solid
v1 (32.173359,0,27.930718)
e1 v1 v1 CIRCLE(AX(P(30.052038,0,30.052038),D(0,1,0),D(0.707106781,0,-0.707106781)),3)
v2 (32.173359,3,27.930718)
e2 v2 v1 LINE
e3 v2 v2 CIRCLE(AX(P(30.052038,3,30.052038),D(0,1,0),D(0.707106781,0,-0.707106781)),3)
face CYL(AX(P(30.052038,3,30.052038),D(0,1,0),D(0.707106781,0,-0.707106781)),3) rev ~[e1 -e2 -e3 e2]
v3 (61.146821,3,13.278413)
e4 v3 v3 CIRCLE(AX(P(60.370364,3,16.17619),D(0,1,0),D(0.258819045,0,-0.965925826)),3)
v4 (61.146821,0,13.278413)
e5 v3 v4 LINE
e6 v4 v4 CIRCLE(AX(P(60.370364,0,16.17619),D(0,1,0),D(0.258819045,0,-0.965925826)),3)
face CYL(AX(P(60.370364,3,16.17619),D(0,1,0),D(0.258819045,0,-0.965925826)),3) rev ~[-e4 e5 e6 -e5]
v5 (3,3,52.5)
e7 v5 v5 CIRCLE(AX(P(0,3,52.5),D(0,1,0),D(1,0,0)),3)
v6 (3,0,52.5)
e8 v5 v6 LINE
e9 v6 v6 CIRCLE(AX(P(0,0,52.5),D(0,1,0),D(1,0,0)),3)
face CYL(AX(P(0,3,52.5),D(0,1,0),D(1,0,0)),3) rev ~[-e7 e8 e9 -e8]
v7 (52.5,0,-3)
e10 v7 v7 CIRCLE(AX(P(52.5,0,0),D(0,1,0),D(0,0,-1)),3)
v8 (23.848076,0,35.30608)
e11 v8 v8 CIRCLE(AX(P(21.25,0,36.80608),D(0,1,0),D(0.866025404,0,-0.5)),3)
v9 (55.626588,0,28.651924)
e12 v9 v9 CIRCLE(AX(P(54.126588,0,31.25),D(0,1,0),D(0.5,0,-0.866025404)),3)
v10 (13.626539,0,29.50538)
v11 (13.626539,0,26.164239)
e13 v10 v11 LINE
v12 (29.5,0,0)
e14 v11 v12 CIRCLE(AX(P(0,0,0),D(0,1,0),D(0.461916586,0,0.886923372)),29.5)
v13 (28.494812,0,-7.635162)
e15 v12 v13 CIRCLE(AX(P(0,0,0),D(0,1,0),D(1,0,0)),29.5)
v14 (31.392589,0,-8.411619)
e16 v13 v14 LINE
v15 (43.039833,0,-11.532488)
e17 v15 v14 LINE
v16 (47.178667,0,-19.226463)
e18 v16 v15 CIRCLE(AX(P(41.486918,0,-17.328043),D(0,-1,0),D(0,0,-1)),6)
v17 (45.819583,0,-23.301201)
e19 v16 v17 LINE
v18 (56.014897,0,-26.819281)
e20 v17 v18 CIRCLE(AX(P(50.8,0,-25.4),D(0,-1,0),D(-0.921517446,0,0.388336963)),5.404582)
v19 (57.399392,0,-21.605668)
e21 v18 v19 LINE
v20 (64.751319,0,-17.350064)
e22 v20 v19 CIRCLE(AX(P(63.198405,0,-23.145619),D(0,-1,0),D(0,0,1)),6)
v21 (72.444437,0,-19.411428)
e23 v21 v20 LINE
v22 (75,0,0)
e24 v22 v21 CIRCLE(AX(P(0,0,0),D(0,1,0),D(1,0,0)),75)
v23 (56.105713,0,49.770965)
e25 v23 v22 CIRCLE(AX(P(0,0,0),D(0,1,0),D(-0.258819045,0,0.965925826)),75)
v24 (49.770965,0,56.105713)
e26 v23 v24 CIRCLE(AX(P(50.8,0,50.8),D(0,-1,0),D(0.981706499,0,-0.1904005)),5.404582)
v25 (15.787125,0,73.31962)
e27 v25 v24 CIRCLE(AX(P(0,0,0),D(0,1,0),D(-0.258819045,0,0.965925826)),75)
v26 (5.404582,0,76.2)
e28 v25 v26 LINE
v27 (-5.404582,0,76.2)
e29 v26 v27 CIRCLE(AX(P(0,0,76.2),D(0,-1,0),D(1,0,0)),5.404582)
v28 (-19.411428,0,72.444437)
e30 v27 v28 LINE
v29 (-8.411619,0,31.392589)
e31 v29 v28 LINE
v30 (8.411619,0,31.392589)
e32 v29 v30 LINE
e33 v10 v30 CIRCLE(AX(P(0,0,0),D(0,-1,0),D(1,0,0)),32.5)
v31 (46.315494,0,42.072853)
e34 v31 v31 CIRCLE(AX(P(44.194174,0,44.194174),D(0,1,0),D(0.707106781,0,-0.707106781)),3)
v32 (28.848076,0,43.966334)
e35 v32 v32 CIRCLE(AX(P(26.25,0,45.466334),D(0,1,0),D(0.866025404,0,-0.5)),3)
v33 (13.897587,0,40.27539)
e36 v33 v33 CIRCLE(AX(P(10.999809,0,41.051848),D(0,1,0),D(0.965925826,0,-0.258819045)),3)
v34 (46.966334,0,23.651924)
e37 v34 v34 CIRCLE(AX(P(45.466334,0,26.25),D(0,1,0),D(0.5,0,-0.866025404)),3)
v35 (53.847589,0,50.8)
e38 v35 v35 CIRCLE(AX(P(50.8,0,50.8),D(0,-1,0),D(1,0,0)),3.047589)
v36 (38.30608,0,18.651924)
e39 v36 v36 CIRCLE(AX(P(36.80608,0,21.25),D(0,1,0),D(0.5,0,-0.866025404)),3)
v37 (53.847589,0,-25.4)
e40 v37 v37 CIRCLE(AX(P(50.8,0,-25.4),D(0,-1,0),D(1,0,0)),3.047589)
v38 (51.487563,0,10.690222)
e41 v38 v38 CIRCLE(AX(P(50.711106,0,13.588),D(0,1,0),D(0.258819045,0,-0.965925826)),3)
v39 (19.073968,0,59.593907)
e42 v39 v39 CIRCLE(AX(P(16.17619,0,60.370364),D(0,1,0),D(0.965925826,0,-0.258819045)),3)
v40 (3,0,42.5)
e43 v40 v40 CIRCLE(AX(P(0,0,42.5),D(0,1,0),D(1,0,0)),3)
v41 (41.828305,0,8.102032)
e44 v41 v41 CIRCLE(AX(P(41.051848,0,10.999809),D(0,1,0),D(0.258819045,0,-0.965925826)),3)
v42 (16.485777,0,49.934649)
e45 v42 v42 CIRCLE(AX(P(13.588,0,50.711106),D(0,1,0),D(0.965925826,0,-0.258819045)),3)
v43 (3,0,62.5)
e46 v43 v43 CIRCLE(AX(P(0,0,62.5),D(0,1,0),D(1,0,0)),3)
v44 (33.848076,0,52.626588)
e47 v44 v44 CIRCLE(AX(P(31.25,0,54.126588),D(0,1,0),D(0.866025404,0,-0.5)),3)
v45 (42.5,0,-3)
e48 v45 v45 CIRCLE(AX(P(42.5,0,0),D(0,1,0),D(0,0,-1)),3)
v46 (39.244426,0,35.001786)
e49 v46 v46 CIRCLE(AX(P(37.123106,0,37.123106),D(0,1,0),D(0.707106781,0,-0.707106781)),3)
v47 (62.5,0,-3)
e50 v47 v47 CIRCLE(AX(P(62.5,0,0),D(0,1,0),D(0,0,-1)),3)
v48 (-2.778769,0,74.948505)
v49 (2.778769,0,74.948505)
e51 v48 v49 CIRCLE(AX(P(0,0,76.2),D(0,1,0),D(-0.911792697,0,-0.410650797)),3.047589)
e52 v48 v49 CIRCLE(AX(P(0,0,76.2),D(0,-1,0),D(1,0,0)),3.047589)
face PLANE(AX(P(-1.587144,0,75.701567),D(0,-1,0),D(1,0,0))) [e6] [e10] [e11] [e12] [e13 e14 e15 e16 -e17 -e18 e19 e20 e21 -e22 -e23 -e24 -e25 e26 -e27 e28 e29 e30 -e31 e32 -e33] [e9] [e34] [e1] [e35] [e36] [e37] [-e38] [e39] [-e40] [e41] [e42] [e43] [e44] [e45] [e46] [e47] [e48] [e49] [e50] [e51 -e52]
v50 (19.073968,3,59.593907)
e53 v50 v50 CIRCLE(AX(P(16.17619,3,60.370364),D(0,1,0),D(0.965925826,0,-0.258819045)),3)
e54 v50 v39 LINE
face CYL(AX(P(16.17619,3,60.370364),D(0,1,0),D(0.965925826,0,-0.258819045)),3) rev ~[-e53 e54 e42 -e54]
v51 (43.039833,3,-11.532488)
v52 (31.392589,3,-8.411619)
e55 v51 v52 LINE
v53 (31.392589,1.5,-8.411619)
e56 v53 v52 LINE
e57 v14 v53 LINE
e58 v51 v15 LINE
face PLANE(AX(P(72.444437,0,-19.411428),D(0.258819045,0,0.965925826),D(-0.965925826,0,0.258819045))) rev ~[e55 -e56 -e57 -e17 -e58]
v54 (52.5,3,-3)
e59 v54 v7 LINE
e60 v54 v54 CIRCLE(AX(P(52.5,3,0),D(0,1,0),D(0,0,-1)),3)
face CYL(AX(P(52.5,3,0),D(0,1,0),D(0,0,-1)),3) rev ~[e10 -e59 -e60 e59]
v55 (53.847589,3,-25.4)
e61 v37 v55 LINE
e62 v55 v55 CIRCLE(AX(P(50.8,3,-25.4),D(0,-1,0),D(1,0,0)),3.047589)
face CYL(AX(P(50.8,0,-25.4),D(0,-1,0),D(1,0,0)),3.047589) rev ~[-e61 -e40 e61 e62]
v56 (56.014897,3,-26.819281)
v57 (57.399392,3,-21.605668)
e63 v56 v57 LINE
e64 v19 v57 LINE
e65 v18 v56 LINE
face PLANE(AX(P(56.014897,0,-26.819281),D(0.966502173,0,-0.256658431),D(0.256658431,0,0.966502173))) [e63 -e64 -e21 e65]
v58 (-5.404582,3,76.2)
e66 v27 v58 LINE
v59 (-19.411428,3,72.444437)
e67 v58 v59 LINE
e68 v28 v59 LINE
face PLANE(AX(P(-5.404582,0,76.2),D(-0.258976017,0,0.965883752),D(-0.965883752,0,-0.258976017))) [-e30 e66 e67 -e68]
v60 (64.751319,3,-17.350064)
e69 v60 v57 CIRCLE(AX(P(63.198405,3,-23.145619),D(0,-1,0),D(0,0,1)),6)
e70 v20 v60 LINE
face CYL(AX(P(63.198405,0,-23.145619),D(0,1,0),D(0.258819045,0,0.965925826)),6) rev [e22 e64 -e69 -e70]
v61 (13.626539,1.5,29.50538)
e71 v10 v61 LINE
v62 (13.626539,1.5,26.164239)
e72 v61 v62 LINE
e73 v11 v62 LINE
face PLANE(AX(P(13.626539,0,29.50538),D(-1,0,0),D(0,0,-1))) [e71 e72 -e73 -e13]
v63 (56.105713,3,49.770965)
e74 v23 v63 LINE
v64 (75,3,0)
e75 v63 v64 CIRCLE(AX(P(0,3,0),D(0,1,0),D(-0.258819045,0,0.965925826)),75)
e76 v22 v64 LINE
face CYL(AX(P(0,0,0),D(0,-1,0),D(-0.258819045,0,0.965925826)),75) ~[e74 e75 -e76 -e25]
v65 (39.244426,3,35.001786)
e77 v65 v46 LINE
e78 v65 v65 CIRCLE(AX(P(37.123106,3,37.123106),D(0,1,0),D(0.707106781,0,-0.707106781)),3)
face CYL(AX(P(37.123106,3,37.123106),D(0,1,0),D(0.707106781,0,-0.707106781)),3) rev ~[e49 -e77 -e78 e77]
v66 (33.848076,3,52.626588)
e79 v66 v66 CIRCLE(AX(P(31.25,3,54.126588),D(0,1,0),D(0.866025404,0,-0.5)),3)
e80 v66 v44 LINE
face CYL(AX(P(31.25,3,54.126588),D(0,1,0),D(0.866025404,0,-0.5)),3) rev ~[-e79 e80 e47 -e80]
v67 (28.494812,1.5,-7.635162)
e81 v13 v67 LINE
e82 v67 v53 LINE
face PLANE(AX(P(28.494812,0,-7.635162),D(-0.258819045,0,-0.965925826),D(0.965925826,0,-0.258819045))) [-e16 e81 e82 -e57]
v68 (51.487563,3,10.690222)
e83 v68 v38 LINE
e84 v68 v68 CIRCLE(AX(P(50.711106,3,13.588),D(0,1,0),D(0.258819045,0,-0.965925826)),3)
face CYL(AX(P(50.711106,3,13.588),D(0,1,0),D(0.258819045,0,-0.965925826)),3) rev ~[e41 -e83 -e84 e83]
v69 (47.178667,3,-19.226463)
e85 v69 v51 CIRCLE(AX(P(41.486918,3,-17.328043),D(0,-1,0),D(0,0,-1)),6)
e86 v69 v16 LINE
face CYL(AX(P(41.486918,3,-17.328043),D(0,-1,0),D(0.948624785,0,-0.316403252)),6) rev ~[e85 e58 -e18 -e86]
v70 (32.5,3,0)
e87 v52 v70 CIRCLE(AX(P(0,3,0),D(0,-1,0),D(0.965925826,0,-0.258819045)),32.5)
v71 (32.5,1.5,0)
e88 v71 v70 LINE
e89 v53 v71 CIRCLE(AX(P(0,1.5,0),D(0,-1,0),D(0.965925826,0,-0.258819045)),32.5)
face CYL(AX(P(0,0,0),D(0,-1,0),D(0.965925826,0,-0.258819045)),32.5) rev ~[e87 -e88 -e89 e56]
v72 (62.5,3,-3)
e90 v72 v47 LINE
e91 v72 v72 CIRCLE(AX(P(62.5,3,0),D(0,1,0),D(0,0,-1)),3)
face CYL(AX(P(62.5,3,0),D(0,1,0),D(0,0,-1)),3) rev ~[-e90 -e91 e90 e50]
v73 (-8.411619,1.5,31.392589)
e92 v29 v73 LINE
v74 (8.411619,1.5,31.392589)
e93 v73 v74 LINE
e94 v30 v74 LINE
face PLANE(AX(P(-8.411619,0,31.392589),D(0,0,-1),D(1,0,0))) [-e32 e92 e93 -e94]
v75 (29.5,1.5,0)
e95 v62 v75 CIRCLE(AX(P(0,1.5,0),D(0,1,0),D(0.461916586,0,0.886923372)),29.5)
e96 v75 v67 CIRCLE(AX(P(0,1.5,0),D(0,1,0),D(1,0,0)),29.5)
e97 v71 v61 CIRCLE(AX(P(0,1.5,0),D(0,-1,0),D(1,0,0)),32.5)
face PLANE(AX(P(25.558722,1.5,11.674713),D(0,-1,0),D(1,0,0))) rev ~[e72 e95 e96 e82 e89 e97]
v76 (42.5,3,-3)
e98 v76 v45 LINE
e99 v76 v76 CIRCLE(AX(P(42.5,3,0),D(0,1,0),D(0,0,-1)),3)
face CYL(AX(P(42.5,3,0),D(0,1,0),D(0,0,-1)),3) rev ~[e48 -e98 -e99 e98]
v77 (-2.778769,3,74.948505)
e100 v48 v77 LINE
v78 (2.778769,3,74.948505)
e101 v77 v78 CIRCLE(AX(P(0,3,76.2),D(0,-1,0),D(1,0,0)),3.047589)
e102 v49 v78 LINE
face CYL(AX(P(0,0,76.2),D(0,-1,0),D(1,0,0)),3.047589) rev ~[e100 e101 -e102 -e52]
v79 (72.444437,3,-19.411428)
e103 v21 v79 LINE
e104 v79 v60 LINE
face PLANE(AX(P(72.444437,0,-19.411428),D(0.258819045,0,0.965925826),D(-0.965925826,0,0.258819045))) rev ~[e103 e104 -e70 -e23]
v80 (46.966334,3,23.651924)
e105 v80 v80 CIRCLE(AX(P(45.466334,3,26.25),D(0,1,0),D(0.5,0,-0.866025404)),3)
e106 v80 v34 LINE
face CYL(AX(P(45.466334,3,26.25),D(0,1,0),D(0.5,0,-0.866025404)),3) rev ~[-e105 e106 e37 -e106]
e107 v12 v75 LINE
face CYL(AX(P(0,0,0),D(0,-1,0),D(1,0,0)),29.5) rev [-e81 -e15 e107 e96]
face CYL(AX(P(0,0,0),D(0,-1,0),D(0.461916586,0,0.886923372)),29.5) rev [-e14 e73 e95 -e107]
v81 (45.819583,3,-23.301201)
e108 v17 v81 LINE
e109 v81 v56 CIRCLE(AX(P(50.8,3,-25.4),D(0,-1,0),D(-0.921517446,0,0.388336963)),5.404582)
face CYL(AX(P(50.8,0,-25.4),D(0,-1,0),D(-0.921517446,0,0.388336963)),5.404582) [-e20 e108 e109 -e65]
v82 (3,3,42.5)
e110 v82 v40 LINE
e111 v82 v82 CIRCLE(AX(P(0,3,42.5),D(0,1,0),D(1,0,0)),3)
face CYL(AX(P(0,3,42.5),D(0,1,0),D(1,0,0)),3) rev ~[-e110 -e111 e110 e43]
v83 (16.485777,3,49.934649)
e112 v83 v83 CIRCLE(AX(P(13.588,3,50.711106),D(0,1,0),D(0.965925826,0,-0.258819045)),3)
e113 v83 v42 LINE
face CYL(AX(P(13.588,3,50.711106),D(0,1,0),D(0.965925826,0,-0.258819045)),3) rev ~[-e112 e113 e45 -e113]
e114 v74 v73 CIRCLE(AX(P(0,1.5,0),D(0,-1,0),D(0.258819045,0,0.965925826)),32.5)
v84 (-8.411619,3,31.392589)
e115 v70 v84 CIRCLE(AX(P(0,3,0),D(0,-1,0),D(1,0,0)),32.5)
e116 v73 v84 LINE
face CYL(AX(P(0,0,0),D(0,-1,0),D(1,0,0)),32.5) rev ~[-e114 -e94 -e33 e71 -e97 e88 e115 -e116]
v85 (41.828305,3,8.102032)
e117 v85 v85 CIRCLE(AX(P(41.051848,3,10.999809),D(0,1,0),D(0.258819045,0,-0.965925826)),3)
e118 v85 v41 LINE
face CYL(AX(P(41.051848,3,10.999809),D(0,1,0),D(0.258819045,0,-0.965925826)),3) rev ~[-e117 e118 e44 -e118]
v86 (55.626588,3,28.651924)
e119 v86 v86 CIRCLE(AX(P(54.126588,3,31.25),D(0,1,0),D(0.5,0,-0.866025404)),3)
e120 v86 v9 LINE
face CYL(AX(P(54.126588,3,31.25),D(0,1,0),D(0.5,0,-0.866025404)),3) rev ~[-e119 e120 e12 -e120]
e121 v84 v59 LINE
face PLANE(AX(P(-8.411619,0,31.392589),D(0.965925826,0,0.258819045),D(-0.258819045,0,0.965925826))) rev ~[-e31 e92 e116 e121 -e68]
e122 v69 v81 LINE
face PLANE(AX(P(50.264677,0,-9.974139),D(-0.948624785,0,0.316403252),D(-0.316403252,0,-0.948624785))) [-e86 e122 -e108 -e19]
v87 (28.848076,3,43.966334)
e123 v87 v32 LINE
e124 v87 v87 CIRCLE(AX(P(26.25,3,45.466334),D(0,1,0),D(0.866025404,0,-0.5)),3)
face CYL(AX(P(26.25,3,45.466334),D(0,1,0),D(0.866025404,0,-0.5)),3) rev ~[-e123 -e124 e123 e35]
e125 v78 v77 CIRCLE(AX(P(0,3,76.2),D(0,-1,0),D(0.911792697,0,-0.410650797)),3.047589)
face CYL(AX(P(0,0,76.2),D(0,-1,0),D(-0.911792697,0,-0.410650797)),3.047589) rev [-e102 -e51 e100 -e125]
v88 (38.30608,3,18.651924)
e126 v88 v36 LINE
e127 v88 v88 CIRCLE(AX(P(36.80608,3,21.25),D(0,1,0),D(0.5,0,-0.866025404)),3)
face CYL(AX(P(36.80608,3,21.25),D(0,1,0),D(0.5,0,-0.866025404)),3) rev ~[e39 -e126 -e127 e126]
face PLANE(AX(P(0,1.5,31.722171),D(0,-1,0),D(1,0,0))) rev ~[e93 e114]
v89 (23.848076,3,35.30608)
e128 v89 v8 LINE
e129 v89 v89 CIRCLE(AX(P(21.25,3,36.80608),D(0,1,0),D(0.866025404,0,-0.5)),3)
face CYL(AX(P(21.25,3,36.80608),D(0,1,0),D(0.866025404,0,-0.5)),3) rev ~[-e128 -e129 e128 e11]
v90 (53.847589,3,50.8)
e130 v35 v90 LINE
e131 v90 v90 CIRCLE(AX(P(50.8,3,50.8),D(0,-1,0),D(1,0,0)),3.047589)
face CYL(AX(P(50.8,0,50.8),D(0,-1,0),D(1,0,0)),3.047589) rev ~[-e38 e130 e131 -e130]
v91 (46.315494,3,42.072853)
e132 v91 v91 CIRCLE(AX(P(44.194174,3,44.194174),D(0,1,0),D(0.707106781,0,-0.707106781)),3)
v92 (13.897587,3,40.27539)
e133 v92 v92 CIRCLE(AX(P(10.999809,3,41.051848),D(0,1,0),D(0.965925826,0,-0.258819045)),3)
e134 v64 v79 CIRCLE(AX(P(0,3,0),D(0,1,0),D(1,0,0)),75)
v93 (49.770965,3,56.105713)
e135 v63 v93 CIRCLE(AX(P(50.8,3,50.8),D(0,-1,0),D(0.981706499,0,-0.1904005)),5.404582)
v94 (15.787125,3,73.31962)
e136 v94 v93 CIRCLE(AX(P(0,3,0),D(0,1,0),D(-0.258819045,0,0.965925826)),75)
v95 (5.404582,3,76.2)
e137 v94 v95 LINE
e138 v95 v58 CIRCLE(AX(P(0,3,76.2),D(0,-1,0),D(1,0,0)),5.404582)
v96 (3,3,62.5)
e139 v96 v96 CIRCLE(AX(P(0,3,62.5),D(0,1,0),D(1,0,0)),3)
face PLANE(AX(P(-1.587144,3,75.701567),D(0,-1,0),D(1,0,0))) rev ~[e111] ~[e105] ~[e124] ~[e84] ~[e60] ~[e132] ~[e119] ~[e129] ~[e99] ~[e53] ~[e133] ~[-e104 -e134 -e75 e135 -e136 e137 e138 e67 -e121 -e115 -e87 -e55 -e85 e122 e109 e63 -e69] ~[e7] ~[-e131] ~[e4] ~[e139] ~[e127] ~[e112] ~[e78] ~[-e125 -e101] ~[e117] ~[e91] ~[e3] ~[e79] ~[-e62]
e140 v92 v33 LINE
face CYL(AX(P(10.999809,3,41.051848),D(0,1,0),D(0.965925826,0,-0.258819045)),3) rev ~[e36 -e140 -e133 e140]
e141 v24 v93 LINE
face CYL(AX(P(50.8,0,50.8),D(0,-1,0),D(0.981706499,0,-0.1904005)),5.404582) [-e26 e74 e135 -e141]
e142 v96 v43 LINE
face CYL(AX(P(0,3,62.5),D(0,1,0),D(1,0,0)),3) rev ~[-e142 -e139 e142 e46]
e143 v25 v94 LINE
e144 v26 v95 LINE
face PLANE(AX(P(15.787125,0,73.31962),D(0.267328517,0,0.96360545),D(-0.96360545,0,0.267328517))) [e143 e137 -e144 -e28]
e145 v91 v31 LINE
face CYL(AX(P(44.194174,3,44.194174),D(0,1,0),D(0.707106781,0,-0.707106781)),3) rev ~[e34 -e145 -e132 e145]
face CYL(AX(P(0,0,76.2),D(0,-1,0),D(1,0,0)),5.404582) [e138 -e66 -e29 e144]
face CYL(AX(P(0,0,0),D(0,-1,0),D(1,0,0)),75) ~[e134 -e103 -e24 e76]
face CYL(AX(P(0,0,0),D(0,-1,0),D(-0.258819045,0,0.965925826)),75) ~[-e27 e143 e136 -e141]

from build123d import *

# Parameters (mm, degrees)
BOSS_EXTRUDE2_DEPTH = 3
BOSS_EXTRUDE3_DEPTH = 1.5
SKETCH4_R           = 3
CUT_EXTRUDE1_DEPTH  = 10
CIRPATTERN2_COUNT   = 7
CIRPATTERN2_ANGLE   = 90
SKETCH7_R           = 3.047588699
BOSS_EXTRUDE5_DEPTH = 3
SKETCH7_3_R         = 3.047588699
CUT_EXTRUDE2_DEPTH  = 3
FILLET1_R           = 6


with BuildPart() as part:
    # Sketch2 → Boss-Extrude2 (new body)
    with BuildSketch(Plane(origin=(0, 0, 0), x_dir=(1, 0, 0), z_dir=(0, 1, 0))):
        with BuildLine():
            ThreePointArc((32.5, 0), (19.784746443, -25.783983559), (-8.411618966, -31.392589354))
            Line((-8.411618966, -31.392589354), (-19.411428383, -72.444436972))
            ThreePointArc((-19.411428383, -72.444436972), (45.657107176, -59.501500522), (75, 0))
            ThreePointArc((75, 0), (74.358364603, 9.789464417), (72.444436972, 19.411428383))
            Line((72.444436972, 19.411428383), (31.392589354, 8.411618966))
            ThreePointArc((31.392589354, 8.411618966), (32.221957995, 4.242101247), (32.5, 0))
        make_face()
    extrude(amount=BOSS_EXTRUDE2_DEPTH)

    # Sketch3 → Boss-Extrude3 (add)
    with BuildSketch(Plane.XZ):
        with BuildLine():
            ThreePointArc((8.411618966, 31.392589354), (0, 32.5), (-8.411618966, 31.392589354))
            Line((-8.411618966, 31.392589354), (8.411618966, 31.392589354))
        make_face()
        with BuildLine():
            Line((28.494811876, -7.635161831), (31.392589354, -8.411618966))
            ThreePointArc((31.392589354, -8.411618966), (32.221957995, -4.242101247), (32.5, 0))
            ThreePointArc((32.5, 0), (27.378025192, 17.512673599), (13.626539288, 29.505379629))
            Line((13.626539288, 29.505379629), (13.626539288, 26.16423947))
            ThreePointArc((13.626539288, 26.16423947), (25.221349181, 15.30142299), (29.5, 0))
            ThreePointArc((29.5, 0), (29.247623411, -3.85052267), (28.494811876, -7.635161831))
        make_face()
    extrude(amount=-BOSS_EXTRUDE3_DEPTH)

    # Sketch4 → Cut-Extrude1 (cut)
    with BuildSketch(Plane(origin=(0, 3, 0), x_dir=(1, 0, 0), z_dir=(0, 1, 0))):
        with Locations((0, -42.5)):
            Circle(SKETCH4_R)
        with Locations((0, -52.5)):
            Circle(SKETCH4_R)
        with Locations((0, -62.5)):
            Circle(SKETCH4_R)
    cut_extrude1 = extrude(amount=-CUT_EXTRUDE1_DEPTH, mode=Mode.SUBTRACT)

    # CirPattern2: Cut-Extrude1 ×7 about axis
    cirpattern2_axis = Axis((0, 0, 0), (0, 1, 0))
    for i in range(1, CIRPATTERN2_COUNT):
        add(cut_extrude1.rotate(cirpattern2_axis, i * CIRPATTERN2_ANGLE / (CIRPATTERN2_COUNT - 1)), mode=Mode.SUBTRACT)

    # Sketch7 → Boss-Extrude5 (add)
    with BuildSketch(Plane.XZ):
        with BuildLine():
            Line((-5.404581923, 76.2), (-19.411428383, 72.444436972))
            ThreePointArc((-19.411428383, 72.444436972), (-11.165518609, 74.164217748), (-2.77876912, 74.94850527))
            ThreePointArc((-2.77876912, 74.94850527), (0, 79.247588699), (2.77876912, 74.94850527))
            ThreePointArc((2.77876912, 74.94850527), (9.318606025, 74.41883889), (15.78712451, 73.319620155))
            Line((15.78712451, 73.319620155), (5.404581923, 76.2))
            ThreePointArc((5.404581923, 76.2), (0, 81.604581923), (-5.404581923, 76.2))
        make_face()
        with BuildLine():
            ThreePointArc((49.770964897, 56.105713196), (53.033008589, 53.033008589), (56.105713196, 49.770964897))
            ThreePointArc((56.105713196, 49.770964897), (54.621616527, 54.621616527), (49.770964897, 56.105713196))
        make_face()
        with BuildLine():
            Line((50.264676908, -9.974138925), (45.819583471, -23.301201068))
            ThreePointArc((45.819583471, -23.301201068), (49.037057403, -30.508966545), (56.0148967, -26.819280865))
            Line((56.0148967, -26.819280865), (58.942789983, -15.793672976))
            Line((58.942789983, -15.793672976), (58.942789983, -12.868627078))
            Line((58.942789983, -12.868627078), (50.264676908, -9.974138925))
        make_face()
        with Locations((50.8, -25.4)):
            Circle(SKETCH7_R, mode=Mode.SUBTRACT)
    extrude(amount=-BOSS_EXTRUDE5_DEPTH)

    # Sketch7<3> → Cut-Extrude2 (cut)
    with BuildSketch(Plane.XZ):
        with Locations((0, 76.2)):
            Circle(SKETCH7_3_R)
        with Locations((50.8, 50.8)):
            Circle(SKETCH7_3_R)
    extrude(amount=-CUT_EXTRUDE2_DEPTH, mode=Mode.SUBTRACT)

    # Fillet1
    fillet1_edges = [part.edges().sort_by_distance(p)[0] for p in [
        (49.194825936, 1.5, -13.181713881),
        (58.942789983, 1.5, -15.793672976),
    ]]
    fillet(fillet1_edges, radius=FILLET1_R)


solid = part.part
